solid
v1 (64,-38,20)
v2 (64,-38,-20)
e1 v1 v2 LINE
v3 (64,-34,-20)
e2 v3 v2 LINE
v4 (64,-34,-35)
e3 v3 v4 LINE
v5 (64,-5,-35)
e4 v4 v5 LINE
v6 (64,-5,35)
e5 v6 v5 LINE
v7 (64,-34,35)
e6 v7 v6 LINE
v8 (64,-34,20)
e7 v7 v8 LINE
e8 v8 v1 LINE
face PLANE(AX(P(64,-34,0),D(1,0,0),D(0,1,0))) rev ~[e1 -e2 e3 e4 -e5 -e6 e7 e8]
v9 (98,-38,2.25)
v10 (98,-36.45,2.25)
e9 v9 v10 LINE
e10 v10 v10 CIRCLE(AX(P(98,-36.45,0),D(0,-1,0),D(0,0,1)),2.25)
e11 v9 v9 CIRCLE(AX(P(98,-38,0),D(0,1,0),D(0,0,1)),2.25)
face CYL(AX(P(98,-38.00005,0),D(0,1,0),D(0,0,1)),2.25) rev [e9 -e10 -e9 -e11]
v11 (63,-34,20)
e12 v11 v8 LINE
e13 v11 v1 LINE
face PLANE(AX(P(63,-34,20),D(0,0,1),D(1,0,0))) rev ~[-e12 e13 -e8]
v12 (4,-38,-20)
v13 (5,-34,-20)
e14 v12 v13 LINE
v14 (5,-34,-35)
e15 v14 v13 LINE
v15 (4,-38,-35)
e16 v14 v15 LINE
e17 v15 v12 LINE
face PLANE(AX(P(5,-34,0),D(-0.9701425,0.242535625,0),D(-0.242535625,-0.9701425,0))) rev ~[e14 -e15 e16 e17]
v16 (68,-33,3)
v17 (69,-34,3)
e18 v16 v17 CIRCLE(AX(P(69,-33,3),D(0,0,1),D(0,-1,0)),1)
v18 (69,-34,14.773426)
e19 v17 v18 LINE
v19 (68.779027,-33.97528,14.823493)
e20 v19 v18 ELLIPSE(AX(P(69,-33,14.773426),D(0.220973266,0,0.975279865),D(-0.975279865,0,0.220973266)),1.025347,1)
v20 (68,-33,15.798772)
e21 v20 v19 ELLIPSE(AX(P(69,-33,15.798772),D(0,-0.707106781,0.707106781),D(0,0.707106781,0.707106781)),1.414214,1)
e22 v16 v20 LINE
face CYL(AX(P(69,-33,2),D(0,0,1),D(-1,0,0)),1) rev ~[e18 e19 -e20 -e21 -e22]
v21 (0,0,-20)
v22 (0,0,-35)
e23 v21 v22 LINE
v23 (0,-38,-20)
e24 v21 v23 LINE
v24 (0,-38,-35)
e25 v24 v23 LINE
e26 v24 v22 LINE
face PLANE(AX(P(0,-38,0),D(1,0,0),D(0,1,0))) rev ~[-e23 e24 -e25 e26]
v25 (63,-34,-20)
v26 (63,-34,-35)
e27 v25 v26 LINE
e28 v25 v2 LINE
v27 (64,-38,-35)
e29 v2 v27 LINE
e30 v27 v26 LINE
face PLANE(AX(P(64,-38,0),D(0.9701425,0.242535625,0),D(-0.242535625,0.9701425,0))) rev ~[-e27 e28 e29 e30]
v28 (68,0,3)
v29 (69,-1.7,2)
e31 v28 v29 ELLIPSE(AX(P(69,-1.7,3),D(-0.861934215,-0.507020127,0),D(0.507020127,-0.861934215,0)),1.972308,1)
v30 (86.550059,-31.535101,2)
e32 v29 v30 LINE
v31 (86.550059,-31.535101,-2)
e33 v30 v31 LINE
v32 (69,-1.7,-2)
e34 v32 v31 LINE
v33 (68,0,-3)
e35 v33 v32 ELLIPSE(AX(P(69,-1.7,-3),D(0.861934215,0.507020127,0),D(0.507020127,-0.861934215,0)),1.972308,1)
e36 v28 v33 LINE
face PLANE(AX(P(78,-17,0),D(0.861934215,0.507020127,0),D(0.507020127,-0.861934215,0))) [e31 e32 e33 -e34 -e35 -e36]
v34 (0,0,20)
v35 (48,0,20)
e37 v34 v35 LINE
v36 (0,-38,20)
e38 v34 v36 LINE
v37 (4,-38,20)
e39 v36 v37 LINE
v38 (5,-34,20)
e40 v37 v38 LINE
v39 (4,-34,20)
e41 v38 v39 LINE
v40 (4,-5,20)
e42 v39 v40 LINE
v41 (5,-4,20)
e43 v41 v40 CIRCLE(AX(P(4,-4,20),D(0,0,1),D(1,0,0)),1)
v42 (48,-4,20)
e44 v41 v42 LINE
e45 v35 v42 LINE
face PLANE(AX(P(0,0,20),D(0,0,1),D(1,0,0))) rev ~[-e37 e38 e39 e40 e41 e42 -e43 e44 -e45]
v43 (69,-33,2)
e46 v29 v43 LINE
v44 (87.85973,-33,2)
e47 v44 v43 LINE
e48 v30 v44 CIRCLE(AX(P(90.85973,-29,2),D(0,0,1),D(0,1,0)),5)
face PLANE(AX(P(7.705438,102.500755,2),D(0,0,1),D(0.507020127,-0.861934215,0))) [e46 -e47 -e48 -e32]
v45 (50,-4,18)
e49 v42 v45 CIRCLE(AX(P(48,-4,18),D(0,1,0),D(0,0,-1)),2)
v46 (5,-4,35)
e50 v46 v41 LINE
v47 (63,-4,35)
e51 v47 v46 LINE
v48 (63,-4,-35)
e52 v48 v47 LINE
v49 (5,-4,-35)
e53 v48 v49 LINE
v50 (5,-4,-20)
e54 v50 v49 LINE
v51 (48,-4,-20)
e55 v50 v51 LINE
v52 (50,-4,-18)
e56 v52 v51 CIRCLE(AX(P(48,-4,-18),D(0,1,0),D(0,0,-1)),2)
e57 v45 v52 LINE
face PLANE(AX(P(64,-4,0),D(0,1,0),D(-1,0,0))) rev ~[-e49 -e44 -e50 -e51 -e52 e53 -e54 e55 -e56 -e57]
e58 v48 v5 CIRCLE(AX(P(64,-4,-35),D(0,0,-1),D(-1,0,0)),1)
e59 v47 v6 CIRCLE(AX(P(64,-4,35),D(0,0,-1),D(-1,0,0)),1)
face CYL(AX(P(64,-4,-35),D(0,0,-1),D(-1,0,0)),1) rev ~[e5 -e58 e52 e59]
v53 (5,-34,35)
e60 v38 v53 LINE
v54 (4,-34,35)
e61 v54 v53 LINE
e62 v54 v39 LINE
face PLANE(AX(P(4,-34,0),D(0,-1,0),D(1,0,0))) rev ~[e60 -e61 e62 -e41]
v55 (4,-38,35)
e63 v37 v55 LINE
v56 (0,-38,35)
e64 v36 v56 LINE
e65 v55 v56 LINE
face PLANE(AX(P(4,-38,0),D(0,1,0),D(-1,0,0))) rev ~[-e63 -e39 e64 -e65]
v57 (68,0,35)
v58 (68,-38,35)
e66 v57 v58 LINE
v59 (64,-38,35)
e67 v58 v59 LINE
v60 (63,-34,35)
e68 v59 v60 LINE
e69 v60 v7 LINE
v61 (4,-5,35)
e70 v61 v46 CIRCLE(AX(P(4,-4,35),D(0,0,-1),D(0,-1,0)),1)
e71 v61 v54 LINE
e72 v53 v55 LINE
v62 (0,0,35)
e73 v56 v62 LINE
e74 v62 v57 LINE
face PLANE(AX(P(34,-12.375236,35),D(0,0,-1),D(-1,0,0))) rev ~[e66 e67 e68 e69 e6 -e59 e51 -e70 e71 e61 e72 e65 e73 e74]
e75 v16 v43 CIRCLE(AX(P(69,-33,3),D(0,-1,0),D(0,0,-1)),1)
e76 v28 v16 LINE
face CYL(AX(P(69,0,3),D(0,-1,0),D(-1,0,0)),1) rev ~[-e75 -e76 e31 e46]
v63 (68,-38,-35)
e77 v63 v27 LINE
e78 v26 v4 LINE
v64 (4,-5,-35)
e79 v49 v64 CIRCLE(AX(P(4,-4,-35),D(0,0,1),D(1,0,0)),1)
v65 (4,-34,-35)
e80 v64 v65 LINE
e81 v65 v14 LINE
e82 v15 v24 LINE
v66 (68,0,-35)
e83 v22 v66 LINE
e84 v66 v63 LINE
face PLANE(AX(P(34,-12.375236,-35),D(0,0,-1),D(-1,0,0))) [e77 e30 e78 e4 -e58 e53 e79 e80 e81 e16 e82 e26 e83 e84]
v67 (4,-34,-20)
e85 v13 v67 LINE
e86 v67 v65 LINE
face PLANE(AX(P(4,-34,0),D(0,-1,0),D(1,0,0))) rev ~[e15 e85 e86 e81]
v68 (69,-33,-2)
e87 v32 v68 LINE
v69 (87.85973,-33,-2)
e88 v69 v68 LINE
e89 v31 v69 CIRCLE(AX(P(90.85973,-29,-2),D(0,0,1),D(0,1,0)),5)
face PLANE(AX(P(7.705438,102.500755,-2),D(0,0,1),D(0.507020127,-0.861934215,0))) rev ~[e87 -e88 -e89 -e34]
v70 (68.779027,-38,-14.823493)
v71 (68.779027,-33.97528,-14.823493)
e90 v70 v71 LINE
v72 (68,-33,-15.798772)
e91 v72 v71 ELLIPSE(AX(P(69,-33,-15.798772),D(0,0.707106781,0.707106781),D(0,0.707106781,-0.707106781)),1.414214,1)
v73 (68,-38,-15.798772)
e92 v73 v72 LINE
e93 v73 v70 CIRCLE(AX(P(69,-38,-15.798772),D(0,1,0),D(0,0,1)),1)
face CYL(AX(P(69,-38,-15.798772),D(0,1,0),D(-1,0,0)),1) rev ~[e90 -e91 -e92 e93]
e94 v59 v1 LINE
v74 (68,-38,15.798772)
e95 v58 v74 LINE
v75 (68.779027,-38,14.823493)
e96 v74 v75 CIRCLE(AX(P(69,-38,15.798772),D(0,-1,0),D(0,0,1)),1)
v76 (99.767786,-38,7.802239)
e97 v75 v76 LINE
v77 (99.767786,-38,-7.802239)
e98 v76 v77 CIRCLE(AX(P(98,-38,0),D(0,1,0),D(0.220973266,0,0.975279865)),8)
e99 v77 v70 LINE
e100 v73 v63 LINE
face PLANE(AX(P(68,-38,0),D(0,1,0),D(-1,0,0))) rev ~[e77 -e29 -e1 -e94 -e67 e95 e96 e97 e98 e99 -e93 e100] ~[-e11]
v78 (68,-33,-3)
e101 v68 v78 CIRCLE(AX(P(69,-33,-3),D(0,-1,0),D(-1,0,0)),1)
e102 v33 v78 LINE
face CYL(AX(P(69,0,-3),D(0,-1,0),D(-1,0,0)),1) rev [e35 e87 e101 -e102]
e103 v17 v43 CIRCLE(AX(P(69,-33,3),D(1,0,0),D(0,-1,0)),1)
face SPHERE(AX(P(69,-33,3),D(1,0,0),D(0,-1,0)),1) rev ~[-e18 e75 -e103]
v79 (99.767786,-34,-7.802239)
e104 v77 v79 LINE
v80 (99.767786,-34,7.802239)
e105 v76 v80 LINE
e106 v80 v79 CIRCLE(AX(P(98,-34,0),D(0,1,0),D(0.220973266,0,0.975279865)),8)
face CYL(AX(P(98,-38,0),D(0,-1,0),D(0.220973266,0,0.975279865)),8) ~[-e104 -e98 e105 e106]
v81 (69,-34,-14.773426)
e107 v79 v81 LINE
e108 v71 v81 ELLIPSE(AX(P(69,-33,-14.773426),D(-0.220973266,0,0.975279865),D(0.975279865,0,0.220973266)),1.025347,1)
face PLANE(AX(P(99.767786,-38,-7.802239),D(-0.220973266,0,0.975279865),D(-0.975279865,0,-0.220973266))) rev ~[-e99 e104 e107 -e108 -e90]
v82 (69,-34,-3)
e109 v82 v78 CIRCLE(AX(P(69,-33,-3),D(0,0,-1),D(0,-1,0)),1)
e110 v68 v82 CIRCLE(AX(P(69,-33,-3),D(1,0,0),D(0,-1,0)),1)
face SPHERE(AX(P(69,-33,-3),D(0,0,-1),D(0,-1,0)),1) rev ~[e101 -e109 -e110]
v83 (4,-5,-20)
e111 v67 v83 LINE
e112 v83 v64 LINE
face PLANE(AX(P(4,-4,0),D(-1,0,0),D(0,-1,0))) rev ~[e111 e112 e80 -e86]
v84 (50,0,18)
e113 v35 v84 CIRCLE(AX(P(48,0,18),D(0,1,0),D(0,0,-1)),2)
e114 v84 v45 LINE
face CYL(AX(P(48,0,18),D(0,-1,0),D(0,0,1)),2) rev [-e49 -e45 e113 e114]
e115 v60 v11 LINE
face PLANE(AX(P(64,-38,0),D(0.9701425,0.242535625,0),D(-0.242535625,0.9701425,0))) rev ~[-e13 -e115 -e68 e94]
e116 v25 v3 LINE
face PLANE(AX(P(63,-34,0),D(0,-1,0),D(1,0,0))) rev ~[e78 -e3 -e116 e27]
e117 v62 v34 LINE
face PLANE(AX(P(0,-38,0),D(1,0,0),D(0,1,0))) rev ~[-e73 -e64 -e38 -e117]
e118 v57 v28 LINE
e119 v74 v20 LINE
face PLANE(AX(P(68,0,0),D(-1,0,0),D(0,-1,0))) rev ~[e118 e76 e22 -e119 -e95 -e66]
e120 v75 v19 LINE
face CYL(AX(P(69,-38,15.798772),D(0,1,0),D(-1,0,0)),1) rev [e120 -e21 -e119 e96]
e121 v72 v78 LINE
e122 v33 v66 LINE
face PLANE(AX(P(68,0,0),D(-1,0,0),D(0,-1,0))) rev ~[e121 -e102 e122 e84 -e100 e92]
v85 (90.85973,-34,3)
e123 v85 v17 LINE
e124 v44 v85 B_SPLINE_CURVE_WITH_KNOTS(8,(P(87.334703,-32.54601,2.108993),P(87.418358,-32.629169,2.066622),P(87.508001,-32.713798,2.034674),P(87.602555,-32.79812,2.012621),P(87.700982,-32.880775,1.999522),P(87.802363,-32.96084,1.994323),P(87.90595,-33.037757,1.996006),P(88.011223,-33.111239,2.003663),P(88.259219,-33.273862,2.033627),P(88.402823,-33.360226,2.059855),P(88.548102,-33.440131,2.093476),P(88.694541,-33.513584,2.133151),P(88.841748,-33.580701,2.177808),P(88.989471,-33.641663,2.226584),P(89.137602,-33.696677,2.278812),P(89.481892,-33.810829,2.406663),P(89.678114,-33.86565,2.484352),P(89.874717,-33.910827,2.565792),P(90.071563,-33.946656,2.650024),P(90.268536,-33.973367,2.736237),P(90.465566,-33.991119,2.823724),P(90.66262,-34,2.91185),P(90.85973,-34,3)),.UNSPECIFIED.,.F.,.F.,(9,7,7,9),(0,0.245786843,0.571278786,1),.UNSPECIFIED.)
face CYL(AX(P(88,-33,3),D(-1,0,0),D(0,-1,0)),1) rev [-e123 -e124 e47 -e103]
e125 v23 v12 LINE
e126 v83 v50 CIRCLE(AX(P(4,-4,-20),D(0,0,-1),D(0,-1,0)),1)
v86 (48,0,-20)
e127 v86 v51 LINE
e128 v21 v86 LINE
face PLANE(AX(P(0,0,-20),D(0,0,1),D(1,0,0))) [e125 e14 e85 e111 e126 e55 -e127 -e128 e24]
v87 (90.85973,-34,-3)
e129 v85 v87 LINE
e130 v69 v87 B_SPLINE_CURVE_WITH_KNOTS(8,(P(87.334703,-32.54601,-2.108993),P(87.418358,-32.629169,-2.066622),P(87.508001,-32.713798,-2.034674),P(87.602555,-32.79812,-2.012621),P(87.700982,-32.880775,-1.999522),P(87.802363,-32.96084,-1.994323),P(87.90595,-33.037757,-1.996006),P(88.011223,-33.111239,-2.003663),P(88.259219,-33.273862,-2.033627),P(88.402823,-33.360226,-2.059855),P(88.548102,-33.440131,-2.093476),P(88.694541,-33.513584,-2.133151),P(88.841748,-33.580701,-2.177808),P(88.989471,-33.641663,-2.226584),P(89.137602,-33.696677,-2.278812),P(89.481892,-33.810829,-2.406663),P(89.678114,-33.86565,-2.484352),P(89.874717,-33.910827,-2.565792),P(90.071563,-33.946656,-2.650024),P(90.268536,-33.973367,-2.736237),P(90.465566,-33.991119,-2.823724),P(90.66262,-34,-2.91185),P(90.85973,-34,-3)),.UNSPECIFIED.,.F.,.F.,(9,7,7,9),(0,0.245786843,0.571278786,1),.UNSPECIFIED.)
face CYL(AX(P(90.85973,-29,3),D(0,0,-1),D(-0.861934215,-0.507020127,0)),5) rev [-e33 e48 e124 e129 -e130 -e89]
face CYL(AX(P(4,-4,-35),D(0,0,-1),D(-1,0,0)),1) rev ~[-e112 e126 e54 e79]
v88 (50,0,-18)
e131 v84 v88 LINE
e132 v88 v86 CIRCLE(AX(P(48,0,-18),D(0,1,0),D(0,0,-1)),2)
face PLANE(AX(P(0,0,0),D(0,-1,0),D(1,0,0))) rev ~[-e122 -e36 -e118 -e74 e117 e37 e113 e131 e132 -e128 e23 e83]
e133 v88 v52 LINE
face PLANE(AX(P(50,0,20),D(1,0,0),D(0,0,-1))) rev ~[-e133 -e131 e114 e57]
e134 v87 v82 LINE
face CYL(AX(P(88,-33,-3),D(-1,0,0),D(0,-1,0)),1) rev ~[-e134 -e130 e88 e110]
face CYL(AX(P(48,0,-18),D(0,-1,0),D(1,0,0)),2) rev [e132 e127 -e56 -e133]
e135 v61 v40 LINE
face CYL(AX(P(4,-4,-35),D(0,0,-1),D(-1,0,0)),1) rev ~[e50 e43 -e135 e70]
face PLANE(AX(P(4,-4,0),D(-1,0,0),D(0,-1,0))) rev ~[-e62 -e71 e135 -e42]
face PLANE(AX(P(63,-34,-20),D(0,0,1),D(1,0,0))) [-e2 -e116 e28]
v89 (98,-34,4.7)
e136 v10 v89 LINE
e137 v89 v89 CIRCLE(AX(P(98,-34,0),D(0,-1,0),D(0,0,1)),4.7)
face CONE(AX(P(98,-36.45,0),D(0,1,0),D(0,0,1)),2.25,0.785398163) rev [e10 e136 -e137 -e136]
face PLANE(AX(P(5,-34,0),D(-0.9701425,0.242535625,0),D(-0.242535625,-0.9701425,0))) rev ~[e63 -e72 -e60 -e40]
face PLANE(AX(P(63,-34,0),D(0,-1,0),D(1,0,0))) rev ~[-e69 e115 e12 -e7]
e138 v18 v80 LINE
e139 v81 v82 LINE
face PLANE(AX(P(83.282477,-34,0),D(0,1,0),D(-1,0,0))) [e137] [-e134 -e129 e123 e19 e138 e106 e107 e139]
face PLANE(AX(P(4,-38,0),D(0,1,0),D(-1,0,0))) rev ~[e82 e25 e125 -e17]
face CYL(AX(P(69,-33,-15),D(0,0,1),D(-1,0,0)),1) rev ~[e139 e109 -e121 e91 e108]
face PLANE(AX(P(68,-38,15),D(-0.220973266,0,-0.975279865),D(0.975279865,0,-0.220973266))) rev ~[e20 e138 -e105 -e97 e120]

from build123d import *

# Parameters (mm, degrees)
FORME_PRINCIPALE_DEPTH  = 35
ESQUISSE3_W             = 50
ESQUISSE3_H             = 40
VIDEMENT_DEPTH          = 86.399063227
BOSSAGE_CROU_DEPTH      = 4
NERVURE3_REACH          = 119.919
ESQUISSE9_WALL_W        = 277.285093932
ESQUISSE9_WALL_H        = 4
CONG_2_R                = 1
CONG_3_R                = 5
CONG_4_R                = 2
ESQUISSE10_R            = 1
ENL_V_MAT_EXTRU_1_DEPTH = 133.589592352
ESQUISSE11_W            = 1
ESQUISSE11_H            = 40
ENL_V_MAT_EXTRU_2_DEPTH = 117.691902033


with BuildPart() as part:
    # Esquisse1 → Forme principale (new, symmetric)
    with BuildSketch(Plane.XY):
        Polygon((0, -38), (0, 0), (68, 0), (68, -38), (64, -38), (63, -34), (64, -34), (64, -4), (4, -4), (4, -34), (5, -34), (4, -38), align=None)
    extrude(amount=FORME_PRINCIPALE_DEPTH, both=True)

    # Esquisse3 → videment (cut, through all)
    with BuildSketch(Plane(origin=(0, 0, 0), x_dir=(1, 0, 0), z_dir=(0, 1, 0))):
        with Locations((25, 0)):
            Rectangle(ESQUISSE3_W, ESQUISSE3_H)
    extrude(amount=-VIDEMENT_DEPTH, mode=Mode.SUBTRACT)

    # Esquisse4 → Bossage écrou (add)
    with BuildSketch(Plane.XZ.offset(38)):
        with BuildLine():
            Line((68, 15), (99.767786128, 7.802238923))
            ThreePointArc((99.767786128, 7.802238923), (106, 0), (99.767786128, -7.802238923))
            Line((99.767786128, -7.802238923), (68, -15))
            Line((68, -15), (68, 15))
        make_face()
    extrude(amount=-BOSSAGE_CROU_DEPTH)

    # Esquisse7 → Fraisage pour vis à tête fraisée M41 (revolve, cut)
    with BuildSketch(Plane(origin=(98, -34, 0), x_dir=(0, 0, 1), z_dir=(1, 0, 0))):
        Polygon((0, 0), (0, 4.00005), (2.25, 4.00005), (2.25, 2.45), (4.7, 0), align=None)
    revolve(axis=Axis((98, -27.65, 0), (0, -1, 0)), mode=Mode.SUBTRACT)

    # Esquisse9 wall → Nervure3 (add, up to next)
    with BuildSketch(Plane(origin=(78, -17, 0), x_dir=(0.507020126563, -0.861934215158, 0), z_dir=(0.861934215158, 0.507020126563, 0)), mode=Mode.PRIVATE) as nervure3_sk1:
        Rectangle(ESQUISSE9_WALL_W, ESQUISSE9_WALL_H)
    nervure3_tool1 = extrude(nervure3_sk1.sketch, amount=-NERVURE3_REACH, mode=Mode.PRIVATE) - part.part
    add(nervure3_tool1.solids().sort_by_distance((78, -17, 0))[0])

    # Congé2
    cong_2_edges = [part.edges().sort_by_distance(p)[0] for p in [
        (68, -34, -8.5),
        (78, -34, -2),
        (68, -17, -2),
        (78, -34, 2),
        (68, -34, 8.5),
        (68, -17, 2),
        (68, -36, -15),
        (68, -36, 15),
    ]]
    fillet(cong_2_edges, radius=CONG_2_R)

    # Congé3
    cong_3_edges = [part.edges().sort_by_distance(p)[0] for p in [
        (88, -34, 0),
    ]]
    fillet(cong_3_edges, radius=CONG_3_R)

    # Congé4
    cong_4_edges = [part.edges().sort_by_distance(p)[0] for p in [
        (50, -2, -20),
        (50, -2, 20),
    ]]
    fillet(cong_4_edges, radius=CONG_4_R)

    # Esquisse10 → Enlèv. mat.-Extru.1 (cut, through all)
    with BuildSketch(Plane(origin=(0, 0, -35), x_dir=(-1, 0, 0), z_dir=(0, 0, -1))):
        with Locations((-64, -4)):
            Circle(ESQUISSE10_R)
        with Locations((-4, -4)):
            Circle(ESQUISSE10_R)
    extrude(amount=-ENL_V_MAT_EXTRU_1_DEPTH, mode=Mode.SUBTRACT)

    # Esquisse11 → Enlèv. mat.-Extru.2 (cut, through all)
    with BuildSketch(Plane(origin=(0, -34, 0), x_dir=(1, 0, 0), z_dir=(0, 1, 0))):
        with Locations((63.5, 0)):
            Rectangle(ESQUISSE11_W, ESQUISSE11_H)
    extrude(amount=-ENL_V_MAT_EXTRU_2_DEPTH, mode=Mode.SUBTRACT)


solid = part.part
